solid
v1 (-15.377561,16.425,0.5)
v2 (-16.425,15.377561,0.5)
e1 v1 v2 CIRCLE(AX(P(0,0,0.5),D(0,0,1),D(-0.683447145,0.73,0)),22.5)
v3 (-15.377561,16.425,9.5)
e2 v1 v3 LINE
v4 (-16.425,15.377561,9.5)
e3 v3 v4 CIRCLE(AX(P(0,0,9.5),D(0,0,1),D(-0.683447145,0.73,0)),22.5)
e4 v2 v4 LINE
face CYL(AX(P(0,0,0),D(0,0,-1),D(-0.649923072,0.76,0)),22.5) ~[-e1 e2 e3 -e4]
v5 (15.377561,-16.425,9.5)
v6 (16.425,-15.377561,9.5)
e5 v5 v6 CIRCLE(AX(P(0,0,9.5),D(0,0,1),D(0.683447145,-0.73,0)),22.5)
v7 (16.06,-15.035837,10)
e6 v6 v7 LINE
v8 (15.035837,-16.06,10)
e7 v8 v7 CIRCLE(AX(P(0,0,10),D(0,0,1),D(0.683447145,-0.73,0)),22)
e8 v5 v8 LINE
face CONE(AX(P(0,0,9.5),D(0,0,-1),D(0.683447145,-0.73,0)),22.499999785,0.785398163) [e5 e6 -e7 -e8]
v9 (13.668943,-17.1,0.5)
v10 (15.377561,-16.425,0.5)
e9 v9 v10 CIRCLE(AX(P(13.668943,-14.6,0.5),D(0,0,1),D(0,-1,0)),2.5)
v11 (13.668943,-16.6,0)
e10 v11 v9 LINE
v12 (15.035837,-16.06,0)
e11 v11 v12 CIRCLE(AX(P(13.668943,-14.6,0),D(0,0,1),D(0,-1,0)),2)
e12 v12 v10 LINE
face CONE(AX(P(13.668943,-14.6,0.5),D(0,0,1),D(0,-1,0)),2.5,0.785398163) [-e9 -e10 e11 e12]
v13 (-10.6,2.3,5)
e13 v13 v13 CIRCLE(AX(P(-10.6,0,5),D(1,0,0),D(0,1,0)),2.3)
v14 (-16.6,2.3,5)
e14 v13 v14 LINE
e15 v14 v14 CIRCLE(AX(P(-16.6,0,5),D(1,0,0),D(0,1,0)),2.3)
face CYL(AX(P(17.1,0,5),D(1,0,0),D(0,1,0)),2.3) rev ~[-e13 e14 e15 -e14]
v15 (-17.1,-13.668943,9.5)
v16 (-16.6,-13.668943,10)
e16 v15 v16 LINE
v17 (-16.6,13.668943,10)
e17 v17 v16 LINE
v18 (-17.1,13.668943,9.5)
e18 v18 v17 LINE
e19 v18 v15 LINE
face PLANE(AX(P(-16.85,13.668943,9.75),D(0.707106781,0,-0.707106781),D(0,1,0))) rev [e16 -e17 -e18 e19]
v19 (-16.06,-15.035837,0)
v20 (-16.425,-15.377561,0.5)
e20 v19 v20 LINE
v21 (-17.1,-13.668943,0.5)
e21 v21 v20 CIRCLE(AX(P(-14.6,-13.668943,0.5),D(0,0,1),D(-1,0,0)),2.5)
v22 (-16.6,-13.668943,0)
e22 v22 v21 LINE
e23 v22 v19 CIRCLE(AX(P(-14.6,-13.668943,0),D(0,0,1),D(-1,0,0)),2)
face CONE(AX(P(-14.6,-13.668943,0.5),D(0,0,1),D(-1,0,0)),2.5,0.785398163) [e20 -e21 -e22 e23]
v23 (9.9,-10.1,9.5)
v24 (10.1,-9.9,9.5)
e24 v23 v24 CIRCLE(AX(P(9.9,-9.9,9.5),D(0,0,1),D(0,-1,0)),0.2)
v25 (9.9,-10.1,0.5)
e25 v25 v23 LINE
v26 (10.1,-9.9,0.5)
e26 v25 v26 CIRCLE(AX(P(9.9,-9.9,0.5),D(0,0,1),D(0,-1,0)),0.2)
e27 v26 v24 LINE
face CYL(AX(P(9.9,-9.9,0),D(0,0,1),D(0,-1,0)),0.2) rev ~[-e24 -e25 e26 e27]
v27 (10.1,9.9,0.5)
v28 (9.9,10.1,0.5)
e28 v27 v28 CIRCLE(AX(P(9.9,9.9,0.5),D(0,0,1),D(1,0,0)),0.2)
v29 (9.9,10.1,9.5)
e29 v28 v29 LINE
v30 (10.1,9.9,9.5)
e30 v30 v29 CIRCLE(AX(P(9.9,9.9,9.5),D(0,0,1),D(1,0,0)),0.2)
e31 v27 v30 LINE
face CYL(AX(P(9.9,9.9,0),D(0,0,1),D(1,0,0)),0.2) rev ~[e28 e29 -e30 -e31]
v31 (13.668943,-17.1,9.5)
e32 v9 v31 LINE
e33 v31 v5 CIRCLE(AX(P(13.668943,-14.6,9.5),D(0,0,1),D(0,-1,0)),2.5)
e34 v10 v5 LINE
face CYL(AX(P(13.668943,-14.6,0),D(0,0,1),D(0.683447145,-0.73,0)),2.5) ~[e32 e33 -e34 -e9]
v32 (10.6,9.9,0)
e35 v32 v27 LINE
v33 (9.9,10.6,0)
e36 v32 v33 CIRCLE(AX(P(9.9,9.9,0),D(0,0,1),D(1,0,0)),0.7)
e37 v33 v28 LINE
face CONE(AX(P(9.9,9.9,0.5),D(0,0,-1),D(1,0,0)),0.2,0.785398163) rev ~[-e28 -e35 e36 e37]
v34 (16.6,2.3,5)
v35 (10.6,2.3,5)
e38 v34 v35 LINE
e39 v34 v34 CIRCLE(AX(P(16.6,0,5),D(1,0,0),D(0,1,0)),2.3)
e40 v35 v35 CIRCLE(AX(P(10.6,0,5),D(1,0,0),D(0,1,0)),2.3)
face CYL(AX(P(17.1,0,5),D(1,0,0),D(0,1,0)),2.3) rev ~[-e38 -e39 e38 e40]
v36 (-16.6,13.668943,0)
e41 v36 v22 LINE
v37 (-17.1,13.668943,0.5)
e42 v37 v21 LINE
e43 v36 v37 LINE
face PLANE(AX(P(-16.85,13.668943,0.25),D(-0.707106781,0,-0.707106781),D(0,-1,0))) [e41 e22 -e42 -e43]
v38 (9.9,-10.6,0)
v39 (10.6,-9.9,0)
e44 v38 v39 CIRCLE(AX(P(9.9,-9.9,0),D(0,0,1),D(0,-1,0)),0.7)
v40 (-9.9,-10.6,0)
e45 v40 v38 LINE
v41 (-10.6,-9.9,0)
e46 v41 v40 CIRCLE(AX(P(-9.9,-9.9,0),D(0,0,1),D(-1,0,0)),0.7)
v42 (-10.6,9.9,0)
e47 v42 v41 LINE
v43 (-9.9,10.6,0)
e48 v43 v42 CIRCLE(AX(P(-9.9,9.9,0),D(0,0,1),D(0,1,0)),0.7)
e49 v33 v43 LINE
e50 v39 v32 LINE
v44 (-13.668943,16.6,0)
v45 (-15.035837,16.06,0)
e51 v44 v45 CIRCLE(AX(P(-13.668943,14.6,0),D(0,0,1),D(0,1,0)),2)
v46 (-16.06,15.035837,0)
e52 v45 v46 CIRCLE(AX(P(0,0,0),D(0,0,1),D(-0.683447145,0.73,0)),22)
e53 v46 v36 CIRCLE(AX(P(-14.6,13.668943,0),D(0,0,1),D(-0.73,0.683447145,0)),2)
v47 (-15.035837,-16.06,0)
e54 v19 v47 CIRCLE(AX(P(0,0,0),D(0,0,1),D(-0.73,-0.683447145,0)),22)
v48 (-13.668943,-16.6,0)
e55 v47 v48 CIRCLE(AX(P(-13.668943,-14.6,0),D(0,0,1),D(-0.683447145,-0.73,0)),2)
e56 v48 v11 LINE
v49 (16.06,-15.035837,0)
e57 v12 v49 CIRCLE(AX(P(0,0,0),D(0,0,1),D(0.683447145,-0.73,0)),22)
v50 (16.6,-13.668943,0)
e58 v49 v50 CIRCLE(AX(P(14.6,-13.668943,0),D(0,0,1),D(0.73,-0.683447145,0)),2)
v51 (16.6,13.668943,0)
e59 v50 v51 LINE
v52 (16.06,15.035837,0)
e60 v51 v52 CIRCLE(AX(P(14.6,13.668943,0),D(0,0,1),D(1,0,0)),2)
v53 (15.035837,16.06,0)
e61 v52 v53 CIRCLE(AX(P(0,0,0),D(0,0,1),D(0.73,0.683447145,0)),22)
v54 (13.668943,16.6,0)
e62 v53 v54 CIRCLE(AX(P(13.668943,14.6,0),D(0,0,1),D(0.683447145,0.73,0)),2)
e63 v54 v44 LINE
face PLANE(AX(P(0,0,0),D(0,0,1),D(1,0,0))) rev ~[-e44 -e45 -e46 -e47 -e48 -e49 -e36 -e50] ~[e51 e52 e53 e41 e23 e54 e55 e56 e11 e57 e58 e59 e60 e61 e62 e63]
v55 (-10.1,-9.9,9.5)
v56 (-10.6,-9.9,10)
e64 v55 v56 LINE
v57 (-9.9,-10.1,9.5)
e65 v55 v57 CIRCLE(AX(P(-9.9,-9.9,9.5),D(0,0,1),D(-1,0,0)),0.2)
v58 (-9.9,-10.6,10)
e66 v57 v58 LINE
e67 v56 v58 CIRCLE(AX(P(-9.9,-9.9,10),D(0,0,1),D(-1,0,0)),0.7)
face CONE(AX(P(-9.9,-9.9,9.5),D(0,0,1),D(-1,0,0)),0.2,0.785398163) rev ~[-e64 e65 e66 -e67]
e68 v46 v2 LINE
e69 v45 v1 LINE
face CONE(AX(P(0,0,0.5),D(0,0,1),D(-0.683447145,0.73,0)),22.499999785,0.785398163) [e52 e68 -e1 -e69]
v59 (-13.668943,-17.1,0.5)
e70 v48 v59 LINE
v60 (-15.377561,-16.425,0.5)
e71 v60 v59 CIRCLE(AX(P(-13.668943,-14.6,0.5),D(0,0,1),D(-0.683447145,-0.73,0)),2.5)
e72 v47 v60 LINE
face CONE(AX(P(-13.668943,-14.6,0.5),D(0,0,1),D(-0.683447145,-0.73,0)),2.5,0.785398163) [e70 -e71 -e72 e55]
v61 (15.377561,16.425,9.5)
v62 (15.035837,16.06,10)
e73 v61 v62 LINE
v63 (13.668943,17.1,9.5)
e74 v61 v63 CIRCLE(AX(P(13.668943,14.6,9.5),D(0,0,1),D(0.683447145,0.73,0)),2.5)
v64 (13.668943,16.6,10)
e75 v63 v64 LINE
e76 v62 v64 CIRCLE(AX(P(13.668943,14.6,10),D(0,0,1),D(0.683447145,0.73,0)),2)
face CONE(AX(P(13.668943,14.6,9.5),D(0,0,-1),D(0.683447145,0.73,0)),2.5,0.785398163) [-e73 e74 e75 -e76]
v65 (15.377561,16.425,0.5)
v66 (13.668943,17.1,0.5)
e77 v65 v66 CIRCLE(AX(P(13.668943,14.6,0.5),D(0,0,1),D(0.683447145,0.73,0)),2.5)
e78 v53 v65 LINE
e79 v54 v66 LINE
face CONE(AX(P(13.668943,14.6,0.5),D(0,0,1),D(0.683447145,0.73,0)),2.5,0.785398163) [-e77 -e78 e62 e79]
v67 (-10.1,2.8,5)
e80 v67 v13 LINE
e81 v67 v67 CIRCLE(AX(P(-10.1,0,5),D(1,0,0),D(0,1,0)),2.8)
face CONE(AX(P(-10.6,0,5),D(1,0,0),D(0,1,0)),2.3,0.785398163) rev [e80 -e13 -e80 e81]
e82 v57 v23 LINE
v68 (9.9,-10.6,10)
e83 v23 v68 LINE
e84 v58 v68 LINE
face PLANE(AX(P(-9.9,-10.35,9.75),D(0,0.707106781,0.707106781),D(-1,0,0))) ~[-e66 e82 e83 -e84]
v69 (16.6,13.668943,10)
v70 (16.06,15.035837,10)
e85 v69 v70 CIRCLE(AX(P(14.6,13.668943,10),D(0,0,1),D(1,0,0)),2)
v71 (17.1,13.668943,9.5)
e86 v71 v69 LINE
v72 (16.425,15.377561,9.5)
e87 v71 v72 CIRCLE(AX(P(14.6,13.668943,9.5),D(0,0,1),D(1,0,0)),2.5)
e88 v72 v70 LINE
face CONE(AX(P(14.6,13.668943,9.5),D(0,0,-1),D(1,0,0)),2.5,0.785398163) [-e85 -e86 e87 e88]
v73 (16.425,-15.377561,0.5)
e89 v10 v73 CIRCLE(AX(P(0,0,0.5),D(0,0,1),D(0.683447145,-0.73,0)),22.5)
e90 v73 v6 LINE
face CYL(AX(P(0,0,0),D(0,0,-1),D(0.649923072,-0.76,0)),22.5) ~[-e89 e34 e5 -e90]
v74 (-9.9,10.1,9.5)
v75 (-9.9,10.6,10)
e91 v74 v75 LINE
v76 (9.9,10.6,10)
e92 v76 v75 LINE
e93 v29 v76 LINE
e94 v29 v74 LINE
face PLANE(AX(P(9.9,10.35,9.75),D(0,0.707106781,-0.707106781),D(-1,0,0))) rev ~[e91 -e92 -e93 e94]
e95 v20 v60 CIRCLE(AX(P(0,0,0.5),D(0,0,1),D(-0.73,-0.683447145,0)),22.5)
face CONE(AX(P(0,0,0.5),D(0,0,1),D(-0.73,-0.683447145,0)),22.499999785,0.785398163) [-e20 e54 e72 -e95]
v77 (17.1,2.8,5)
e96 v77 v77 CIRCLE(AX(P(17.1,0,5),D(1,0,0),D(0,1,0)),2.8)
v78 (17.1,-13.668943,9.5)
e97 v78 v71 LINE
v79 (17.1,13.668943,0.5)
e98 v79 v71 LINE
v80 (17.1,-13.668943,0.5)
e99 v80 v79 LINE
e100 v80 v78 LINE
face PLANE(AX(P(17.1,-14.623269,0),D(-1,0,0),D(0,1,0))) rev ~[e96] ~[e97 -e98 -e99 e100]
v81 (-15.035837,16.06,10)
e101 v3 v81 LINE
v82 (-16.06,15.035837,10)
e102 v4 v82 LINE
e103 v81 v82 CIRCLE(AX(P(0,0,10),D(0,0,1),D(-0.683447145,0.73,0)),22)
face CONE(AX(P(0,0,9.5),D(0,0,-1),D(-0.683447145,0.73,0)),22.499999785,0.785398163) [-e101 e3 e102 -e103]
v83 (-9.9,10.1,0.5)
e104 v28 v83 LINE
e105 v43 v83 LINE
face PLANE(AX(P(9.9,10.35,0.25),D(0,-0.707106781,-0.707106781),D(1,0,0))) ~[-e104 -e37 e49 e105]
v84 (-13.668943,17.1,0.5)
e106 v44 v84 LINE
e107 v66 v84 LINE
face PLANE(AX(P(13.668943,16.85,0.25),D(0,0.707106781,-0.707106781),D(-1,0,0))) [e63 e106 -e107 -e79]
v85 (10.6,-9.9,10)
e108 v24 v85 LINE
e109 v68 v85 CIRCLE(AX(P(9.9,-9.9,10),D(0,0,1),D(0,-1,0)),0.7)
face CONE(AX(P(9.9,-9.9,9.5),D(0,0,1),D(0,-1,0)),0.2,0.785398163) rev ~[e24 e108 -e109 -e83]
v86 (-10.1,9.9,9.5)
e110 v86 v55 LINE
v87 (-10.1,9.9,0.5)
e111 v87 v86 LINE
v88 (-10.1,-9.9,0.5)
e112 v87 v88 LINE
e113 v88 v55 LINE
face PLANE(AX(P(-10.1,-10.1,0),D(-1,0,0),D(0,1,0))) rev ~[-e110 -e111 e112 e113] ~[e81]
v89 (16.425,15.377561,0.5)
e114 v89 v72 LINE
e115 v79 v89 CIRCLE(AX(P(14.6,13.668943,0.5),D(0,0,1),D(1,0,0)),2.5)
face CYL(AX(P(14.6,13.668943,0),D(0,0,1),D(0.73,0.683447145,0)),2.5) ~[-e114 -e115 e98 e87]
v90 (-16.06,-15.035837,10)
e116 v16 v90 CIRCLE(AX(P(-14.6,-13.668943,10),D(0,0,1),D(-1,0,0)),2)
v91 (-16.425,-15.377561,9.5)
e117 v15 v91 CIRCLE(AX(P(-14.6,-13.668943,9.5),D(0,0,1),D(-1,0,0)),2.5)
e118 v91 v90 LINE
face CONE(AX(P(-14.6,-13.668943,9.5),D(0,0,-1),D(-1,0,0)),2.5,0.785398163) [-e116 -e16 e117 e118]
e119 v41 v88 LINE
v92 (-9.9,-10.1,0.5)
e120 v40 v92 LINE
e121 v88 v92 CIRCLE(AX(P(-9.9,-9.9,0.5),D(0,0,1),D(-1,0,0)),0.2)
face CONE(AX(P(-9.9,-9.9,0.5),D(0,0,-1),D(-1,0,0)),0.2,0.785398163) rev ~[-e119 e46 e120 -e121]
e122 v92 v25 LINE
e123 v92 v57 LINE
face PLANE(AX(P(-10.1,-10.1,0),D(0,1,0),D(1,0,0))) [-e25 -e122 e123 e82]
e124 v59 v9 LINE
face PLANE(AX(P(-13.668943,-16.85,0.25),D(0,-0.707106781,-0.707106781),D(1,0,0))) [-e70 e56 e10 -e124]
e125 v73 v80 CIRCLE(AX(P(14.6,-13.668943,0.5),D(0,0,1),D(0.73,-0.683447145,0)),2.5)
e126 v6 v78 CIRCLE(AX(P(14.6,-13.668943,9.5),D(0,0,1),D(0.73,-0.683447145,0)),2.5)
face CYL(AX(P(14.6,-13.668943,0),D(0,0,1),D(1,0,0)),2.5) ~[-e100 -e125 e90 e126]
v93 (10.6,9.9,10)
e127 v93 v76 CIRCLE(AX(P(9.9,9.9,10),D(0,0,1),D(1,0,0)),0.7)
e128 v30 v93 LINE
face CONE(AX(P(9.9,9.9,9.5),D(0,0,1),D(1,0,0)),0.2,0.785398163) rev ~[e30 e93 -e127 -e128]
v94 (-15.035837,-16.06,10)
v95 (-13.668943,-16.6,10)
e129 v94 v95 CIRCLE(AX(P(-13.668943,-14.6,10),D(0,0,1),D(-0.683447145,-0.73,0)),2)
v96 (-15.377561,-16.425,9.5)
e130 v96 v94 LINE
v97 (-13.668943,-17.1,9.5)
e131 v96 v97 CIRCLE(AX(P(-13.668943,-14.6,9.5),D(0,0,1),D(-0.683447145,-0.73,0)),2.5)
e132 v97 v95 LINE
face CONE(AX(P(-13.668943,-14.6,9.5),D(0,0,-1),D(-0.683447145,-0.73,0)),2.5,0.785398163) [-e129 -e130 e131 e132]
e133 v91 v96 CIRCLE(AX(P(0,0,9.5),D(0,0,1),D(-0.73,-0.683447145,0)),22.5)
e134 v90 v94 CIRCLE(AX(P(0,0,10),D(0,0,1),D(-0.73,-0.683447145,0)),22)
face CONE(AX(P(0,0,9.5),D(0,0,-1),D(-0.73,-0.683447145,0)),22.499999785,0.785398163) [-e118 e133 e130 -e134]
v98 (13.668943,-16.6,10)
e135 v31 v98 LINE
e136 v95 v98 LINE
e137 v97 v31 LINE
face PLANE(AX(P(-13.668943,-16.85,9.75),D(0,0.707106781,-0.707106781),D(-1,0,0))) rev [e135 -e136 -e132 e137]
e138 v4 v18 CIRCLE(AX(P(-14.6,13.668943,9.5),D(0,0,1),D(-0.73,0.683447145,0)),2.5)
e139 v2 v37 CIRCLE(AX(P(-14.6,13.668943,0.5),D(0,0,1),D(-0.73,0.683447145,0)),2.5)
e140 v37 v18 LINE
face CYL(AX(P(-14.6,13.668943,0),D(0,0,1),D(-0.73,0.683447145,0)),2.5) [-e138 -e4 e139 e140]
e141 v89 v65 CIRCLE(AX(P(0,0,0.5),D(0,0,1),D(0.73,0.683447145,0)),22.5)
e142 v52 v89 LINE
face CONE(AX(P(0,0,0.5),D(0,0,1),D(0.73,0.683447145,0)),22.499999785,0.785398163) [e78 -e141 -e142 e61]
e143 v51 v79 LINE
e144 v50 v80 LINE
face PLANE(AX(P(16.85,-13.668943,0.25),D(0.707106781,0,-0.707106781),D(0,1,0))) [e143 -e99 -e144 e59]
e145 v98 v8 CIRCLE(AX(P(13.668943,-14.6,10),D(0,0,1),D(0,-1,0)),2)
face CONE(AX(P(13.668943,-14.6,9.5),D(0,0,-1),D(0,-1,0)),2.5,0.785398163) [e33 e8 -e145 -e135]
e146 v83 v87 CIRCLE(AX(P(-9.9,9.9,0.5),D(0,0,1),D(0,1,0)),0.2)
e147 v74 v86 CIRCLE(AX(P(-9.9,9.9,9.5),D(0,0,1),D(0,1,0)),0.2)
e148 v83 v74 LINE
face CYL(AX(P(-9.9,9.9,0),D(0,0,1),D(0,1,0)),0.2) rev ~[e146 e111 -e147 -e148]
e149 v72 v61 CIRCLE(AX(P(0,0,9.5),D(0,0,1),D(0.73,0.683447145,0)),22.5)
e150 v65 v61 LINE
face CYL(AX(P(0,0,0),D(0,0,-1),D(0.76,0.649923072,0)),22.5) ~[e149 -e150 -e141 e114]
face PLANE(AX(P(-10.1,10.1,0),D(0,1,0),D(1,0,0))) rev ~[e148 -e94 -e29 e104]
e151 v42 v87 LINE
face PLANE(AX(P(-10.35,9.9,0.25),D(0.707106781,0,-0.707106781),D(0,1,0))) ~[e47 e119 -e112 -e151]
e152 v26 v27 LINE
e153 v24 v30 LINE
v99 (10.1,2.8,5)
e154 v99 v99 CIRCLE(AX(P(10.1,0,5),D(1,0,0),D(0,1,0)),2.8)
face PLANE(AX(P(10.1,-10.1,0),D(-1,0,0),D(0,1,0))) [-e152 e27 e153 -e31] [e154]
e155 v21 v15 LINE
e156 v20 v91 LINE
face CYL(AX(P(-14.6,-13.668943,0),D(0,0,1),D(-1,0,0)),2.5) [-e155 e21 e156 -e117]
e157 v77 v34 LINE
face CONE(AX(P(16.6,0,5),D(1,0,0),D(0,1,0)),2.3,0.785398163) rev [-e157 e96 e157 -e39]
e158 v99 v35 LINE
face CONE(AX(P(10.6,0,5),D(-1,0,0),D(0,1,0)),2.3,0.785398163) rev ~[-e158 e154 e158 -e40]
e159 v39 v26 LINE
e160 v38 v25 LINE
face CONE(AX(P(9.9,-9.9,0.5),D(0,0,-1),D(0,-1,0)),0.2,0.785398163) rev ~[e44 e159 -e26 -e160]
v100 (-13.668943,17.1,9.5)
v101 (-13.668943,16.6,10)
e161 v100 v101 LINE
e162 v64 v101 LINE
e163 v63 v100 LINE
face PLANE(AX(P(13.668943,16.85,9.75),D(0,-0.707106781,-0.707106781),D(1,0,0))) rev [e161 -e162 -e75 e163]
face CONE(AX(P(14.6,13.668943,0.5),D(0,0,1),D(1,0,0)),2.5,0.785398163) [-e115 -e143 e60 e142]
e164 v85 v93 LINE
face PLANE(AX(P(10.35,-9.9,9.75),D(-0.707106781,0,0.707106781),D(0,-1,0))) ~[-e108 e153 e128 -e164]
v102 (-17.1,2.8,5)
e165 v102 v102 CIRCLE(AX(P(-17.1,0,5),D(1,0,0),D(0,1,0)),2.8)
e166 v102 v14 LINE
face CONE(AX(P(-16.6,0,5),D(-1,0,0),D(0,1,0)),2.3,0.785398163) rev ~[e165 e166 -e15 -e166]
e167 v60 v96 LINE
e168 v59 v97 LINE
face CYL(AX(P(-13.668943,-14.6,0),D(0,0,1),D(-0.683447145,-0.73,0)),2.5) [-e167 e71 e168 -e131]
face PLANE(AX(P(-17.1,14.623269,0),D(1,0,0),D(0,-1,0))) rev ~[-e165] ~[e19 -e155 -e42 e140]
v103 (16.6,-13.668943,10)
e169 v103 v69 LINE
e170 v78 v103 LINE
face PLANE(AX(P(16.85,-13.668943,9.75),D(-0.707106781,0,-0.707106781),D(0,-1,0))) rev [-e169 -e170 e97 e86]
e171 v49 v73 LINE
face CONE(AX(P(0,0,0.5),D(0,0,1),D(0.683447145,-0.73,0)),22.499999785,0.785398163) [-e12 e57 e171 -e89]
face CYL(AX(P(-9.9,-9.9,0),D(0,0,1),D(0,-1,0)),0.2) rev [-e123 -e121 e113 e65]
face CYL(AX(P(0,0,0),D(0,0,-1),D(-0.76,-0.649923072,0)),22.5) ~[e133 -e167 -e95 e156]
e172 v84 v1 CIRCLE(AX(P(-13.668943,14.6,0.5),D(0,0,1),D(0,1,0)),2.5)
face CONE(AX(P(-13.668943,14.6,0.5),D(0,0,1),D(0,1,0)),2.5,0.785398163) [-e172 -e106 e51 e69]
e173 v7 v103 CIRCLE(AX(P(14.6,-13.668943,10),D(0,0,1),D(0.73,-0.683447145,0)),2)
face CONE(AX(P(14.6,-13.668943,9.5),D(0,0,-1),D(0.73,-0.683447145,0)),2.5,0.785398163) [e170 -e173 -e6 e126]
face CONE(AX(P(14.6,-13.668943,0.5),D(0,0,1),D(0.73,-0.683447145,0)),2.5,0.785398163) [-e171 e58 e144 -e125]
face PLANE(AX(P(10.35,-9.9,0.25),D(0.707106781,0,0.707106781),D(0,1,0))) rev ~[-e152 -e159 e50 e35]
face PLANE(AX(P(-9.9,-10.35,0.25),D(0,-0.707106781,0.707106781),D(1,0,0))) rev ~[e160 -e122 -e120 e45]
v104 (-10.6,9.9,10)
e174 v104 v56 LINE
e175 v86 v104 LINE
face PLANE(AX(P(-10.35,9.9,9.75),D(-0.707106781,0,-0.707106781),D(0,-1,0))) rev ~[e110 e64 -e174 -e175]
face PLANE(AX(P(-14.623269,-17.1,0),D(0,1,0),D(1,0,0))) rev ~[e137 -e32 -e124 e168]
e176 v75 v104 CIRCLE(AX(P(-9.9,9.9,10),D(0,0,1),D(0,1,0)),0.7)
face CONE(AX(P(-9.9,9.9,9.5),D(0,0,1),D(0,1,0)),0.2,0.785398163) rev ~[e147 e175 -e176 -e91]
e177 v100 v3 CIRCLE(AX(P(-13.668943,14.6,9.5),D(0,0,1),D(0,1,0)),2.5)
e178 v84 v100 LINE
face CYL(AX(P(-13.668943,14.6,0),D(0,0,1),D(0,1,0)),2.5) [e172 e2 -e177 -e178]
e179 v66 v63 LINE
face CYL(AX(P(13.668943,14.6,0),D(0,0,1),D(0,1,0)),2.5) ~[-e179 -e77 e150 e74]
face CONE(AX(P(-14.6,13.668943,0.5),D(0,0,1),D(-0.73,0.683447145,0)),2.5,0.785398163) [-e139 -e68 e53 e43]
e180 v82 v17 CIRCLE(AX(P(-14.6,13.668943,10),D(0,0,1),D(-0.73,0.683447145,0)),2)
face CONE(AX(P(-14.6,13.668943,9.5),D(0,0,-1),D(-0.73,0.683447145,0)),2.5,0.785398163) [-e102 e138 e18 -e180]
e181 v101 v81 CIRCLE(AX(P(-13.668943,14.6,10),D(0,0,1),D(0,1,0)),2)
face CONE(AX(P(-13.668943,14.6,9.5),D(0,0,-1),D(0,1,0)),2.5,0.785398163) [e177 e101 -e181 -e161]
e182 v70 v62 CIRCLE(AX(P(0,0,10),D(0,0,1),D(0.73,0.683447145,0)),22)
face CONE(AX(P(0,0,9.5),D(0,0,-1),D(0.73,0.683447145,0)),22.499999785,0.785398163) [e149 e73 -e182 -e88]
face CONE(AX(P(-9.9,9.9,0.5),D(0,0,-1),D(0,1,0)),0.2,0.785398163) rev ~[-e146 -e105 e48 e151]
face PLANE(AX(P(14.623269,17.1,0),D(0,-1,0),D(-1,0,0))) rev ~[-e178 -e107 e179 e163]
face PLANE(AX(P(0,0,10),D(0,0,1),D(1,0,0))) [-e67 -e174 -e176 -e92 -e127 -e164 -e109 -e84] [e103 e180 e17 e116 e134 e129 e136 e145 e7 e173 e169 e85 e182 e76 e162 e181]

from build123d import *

# Parameters (mm, degrees)
SKIZZE1_W                       = 20.2
SKIZZE1_H                       = 20.2
AUFSATZ_LINEAR_AUSTRAGEN1_DEPTH = 10
VERRUNDUNG1_R                   = 0.2
VERRUNDUNG2_R                   = 2.5
SKIZZE2_R                       = 2.3
SCHNITT_LINEAR_AUSTRAGEN1_DEPTH = 40.522778242
FASE2_SIZE                      = 0.5


with BuildPart() as part:
    # Skizze1 → Aufsatz-Linear austragen1 (new body)
    with BuildSketch(Plane.XY):
        with BuildLine():
            Line((14.623269128, 17.1), (-14.623269128, 17.1))
            ThreePointArc((-14.623269128, 17.1), (-15.909902577, 15.909902577), (-17.1, 14.623269128))
            Line((-17.1, 14.623269128), (-17.1, -14.623269128))
            ThreePointArc((-17.1, -14.623269128), (-15.909902577, -15.909902577), (-14.623269128, -17.1))
            Line((-14.623269128, -17.1), (14.623269128, -17.1))
            ThreePointArc((14.623269128, -17.1), (15.909902577, -15.909902577), (17.1, -14.623269128))
            Line((17.1, -14.623269128), (17.1, 14.623269128))
            ThreePointArc((17.1, 14.623269128), (15.909902577, 15.909902577), (14.623269128, 17.1))
        make_face()
        Rectangle(SKIZZE1_W, SKIZZE1_H, mode=Mode.SUBTRACT)
    extrude(amount=AUFSATZ_LINEAR_AUSTRAGEN1_DEPTH)

    # Verrundung1
    verrundung1_edges = [part.edges().sort_by_distance(p)[0] for p in [
        (10.1, -10.1, 5),
        (10.1, 10.1, 5),
        (-10.1, 10.1, 5),
        (-10.1, -10.1, 5),
    ]]
    fillet(verrundung1_edges, radius=VERRUNDUNG1_R)

    # Verrundung2
    verrundung2_edges = [part.edges().sort_by_distance(p)[0] for p in [
        (17.1, 14.623269128, 5),
        (17.1, -14.623269128, 5),
        (14.623269128, -17.1, 5),
        (-14.623269128, -17.1, 5),
        (-17.1, -14.623269128, 5),
        (-17.1, 14.623269128, 5),
        (-14.623269128, 17.1, 5),
        (14.623269128, 17.1, 5),
    ]]
    fillet(verrundung2_edges, radius=VERRUNDUNG2_R)

    # Skizze2 → Schnitt-Linear austragen1 (cut, through all)
    with BuildSketch(Plane(origin=(17.1, 0, 0), x_dir=(0, 0, -1), z_dir=(1, 0, 0))):
        with Locations(Location((-5, 0, 0), (0, 0, 90))):
            Circle(SKIZZE2_R)
    extrude(amount=-SCHNITT_LINEAR_AUSTRAGEN1_DEPTH, mode=Mode.SUBTRACT)

    # Fase2
    fase2_edges = [part.edges().sort_by_distance(p)[0] for p in [
        (-10.1, -2.3, 5),
        (10.1, -2.3, 5),
        (-17.1, -2.3, 5),
        (17.1, -2.3, 5),
        (0, -10.1, 0),
        (0, -10.1, 10),
        (10.1, 0, 0),
        (10.1, 0, 10),
        (-10.1, 0, 0),
        (-10.1, 0, 10),
        (0, 10.1, 0),
        (0, 10.1, 10),
        (10.041421356, -10.041421356, 0),
        (10.041421356, -10.041421356, 10),
        (-10.041421356, -10.041421356, 0),
        (-10.041421356, -10.041421356, 10),
        (-10.041421356, 10.041421356, 0),
        (-10.041421356, 10.041421356, 10),
        (10.041421356, 10.041421356, 0),
        (10.041421356, 10.041421356, 10),
        (0, 17.1, 0),
        (0, 17.1, 10),
        (15.909902577, 15.909902577, 0),
        (17.1, 0, 0),
        (15.909902577, -15.909902577, 0),
        (0, -17.1, 0),
        (-15.909902577, -15.909902577, 0),
        (-17.1, 0, 0),
        (-15.909902577, 15.909902577, 0),
        (-14.587501553, 16.925134405, 0),
        (-16.925134405, 14.587501553, 0),
        (-16.925134405, -14.587501553, 0),
        (-14.587501553, -16.925134405, 0),
        (14.587501553, -16.925134405, 0),
        (16.925134405, -14.587501553, 0),
        (16.925134405, 14.587501553, 0),
        (14.587501553, 16.925134405, 0),
        (15.909902577, 15.909902577, 10),
        (-15.909902577, 15.909902577, 10),
        (-17.1, 0, 10),
        (-15.909902577, -15.909902577, 10),
        (0, -17.1, 10),
        (15.909902577, -15.909902577, 10),
        (17.1, 0, 10),
        (-14.587501553, 16.925134405, 10),
        (-16.925134405, 14.587501553, 10),
        (-16.925134405, -14.587501553, 10),
        (-14.587501553, -16.925134405, 10),
        (14.587501553, -16.925134405, 10),
        (16.925134405, -14.587501553, 10),
        (16.925134405, 14.587501553, 10),
        (14.587501553, 16.925134405, 10),
    ]]
    chamfer(fase2_edges, length=FASE2_SIZE)


solid = part.part
